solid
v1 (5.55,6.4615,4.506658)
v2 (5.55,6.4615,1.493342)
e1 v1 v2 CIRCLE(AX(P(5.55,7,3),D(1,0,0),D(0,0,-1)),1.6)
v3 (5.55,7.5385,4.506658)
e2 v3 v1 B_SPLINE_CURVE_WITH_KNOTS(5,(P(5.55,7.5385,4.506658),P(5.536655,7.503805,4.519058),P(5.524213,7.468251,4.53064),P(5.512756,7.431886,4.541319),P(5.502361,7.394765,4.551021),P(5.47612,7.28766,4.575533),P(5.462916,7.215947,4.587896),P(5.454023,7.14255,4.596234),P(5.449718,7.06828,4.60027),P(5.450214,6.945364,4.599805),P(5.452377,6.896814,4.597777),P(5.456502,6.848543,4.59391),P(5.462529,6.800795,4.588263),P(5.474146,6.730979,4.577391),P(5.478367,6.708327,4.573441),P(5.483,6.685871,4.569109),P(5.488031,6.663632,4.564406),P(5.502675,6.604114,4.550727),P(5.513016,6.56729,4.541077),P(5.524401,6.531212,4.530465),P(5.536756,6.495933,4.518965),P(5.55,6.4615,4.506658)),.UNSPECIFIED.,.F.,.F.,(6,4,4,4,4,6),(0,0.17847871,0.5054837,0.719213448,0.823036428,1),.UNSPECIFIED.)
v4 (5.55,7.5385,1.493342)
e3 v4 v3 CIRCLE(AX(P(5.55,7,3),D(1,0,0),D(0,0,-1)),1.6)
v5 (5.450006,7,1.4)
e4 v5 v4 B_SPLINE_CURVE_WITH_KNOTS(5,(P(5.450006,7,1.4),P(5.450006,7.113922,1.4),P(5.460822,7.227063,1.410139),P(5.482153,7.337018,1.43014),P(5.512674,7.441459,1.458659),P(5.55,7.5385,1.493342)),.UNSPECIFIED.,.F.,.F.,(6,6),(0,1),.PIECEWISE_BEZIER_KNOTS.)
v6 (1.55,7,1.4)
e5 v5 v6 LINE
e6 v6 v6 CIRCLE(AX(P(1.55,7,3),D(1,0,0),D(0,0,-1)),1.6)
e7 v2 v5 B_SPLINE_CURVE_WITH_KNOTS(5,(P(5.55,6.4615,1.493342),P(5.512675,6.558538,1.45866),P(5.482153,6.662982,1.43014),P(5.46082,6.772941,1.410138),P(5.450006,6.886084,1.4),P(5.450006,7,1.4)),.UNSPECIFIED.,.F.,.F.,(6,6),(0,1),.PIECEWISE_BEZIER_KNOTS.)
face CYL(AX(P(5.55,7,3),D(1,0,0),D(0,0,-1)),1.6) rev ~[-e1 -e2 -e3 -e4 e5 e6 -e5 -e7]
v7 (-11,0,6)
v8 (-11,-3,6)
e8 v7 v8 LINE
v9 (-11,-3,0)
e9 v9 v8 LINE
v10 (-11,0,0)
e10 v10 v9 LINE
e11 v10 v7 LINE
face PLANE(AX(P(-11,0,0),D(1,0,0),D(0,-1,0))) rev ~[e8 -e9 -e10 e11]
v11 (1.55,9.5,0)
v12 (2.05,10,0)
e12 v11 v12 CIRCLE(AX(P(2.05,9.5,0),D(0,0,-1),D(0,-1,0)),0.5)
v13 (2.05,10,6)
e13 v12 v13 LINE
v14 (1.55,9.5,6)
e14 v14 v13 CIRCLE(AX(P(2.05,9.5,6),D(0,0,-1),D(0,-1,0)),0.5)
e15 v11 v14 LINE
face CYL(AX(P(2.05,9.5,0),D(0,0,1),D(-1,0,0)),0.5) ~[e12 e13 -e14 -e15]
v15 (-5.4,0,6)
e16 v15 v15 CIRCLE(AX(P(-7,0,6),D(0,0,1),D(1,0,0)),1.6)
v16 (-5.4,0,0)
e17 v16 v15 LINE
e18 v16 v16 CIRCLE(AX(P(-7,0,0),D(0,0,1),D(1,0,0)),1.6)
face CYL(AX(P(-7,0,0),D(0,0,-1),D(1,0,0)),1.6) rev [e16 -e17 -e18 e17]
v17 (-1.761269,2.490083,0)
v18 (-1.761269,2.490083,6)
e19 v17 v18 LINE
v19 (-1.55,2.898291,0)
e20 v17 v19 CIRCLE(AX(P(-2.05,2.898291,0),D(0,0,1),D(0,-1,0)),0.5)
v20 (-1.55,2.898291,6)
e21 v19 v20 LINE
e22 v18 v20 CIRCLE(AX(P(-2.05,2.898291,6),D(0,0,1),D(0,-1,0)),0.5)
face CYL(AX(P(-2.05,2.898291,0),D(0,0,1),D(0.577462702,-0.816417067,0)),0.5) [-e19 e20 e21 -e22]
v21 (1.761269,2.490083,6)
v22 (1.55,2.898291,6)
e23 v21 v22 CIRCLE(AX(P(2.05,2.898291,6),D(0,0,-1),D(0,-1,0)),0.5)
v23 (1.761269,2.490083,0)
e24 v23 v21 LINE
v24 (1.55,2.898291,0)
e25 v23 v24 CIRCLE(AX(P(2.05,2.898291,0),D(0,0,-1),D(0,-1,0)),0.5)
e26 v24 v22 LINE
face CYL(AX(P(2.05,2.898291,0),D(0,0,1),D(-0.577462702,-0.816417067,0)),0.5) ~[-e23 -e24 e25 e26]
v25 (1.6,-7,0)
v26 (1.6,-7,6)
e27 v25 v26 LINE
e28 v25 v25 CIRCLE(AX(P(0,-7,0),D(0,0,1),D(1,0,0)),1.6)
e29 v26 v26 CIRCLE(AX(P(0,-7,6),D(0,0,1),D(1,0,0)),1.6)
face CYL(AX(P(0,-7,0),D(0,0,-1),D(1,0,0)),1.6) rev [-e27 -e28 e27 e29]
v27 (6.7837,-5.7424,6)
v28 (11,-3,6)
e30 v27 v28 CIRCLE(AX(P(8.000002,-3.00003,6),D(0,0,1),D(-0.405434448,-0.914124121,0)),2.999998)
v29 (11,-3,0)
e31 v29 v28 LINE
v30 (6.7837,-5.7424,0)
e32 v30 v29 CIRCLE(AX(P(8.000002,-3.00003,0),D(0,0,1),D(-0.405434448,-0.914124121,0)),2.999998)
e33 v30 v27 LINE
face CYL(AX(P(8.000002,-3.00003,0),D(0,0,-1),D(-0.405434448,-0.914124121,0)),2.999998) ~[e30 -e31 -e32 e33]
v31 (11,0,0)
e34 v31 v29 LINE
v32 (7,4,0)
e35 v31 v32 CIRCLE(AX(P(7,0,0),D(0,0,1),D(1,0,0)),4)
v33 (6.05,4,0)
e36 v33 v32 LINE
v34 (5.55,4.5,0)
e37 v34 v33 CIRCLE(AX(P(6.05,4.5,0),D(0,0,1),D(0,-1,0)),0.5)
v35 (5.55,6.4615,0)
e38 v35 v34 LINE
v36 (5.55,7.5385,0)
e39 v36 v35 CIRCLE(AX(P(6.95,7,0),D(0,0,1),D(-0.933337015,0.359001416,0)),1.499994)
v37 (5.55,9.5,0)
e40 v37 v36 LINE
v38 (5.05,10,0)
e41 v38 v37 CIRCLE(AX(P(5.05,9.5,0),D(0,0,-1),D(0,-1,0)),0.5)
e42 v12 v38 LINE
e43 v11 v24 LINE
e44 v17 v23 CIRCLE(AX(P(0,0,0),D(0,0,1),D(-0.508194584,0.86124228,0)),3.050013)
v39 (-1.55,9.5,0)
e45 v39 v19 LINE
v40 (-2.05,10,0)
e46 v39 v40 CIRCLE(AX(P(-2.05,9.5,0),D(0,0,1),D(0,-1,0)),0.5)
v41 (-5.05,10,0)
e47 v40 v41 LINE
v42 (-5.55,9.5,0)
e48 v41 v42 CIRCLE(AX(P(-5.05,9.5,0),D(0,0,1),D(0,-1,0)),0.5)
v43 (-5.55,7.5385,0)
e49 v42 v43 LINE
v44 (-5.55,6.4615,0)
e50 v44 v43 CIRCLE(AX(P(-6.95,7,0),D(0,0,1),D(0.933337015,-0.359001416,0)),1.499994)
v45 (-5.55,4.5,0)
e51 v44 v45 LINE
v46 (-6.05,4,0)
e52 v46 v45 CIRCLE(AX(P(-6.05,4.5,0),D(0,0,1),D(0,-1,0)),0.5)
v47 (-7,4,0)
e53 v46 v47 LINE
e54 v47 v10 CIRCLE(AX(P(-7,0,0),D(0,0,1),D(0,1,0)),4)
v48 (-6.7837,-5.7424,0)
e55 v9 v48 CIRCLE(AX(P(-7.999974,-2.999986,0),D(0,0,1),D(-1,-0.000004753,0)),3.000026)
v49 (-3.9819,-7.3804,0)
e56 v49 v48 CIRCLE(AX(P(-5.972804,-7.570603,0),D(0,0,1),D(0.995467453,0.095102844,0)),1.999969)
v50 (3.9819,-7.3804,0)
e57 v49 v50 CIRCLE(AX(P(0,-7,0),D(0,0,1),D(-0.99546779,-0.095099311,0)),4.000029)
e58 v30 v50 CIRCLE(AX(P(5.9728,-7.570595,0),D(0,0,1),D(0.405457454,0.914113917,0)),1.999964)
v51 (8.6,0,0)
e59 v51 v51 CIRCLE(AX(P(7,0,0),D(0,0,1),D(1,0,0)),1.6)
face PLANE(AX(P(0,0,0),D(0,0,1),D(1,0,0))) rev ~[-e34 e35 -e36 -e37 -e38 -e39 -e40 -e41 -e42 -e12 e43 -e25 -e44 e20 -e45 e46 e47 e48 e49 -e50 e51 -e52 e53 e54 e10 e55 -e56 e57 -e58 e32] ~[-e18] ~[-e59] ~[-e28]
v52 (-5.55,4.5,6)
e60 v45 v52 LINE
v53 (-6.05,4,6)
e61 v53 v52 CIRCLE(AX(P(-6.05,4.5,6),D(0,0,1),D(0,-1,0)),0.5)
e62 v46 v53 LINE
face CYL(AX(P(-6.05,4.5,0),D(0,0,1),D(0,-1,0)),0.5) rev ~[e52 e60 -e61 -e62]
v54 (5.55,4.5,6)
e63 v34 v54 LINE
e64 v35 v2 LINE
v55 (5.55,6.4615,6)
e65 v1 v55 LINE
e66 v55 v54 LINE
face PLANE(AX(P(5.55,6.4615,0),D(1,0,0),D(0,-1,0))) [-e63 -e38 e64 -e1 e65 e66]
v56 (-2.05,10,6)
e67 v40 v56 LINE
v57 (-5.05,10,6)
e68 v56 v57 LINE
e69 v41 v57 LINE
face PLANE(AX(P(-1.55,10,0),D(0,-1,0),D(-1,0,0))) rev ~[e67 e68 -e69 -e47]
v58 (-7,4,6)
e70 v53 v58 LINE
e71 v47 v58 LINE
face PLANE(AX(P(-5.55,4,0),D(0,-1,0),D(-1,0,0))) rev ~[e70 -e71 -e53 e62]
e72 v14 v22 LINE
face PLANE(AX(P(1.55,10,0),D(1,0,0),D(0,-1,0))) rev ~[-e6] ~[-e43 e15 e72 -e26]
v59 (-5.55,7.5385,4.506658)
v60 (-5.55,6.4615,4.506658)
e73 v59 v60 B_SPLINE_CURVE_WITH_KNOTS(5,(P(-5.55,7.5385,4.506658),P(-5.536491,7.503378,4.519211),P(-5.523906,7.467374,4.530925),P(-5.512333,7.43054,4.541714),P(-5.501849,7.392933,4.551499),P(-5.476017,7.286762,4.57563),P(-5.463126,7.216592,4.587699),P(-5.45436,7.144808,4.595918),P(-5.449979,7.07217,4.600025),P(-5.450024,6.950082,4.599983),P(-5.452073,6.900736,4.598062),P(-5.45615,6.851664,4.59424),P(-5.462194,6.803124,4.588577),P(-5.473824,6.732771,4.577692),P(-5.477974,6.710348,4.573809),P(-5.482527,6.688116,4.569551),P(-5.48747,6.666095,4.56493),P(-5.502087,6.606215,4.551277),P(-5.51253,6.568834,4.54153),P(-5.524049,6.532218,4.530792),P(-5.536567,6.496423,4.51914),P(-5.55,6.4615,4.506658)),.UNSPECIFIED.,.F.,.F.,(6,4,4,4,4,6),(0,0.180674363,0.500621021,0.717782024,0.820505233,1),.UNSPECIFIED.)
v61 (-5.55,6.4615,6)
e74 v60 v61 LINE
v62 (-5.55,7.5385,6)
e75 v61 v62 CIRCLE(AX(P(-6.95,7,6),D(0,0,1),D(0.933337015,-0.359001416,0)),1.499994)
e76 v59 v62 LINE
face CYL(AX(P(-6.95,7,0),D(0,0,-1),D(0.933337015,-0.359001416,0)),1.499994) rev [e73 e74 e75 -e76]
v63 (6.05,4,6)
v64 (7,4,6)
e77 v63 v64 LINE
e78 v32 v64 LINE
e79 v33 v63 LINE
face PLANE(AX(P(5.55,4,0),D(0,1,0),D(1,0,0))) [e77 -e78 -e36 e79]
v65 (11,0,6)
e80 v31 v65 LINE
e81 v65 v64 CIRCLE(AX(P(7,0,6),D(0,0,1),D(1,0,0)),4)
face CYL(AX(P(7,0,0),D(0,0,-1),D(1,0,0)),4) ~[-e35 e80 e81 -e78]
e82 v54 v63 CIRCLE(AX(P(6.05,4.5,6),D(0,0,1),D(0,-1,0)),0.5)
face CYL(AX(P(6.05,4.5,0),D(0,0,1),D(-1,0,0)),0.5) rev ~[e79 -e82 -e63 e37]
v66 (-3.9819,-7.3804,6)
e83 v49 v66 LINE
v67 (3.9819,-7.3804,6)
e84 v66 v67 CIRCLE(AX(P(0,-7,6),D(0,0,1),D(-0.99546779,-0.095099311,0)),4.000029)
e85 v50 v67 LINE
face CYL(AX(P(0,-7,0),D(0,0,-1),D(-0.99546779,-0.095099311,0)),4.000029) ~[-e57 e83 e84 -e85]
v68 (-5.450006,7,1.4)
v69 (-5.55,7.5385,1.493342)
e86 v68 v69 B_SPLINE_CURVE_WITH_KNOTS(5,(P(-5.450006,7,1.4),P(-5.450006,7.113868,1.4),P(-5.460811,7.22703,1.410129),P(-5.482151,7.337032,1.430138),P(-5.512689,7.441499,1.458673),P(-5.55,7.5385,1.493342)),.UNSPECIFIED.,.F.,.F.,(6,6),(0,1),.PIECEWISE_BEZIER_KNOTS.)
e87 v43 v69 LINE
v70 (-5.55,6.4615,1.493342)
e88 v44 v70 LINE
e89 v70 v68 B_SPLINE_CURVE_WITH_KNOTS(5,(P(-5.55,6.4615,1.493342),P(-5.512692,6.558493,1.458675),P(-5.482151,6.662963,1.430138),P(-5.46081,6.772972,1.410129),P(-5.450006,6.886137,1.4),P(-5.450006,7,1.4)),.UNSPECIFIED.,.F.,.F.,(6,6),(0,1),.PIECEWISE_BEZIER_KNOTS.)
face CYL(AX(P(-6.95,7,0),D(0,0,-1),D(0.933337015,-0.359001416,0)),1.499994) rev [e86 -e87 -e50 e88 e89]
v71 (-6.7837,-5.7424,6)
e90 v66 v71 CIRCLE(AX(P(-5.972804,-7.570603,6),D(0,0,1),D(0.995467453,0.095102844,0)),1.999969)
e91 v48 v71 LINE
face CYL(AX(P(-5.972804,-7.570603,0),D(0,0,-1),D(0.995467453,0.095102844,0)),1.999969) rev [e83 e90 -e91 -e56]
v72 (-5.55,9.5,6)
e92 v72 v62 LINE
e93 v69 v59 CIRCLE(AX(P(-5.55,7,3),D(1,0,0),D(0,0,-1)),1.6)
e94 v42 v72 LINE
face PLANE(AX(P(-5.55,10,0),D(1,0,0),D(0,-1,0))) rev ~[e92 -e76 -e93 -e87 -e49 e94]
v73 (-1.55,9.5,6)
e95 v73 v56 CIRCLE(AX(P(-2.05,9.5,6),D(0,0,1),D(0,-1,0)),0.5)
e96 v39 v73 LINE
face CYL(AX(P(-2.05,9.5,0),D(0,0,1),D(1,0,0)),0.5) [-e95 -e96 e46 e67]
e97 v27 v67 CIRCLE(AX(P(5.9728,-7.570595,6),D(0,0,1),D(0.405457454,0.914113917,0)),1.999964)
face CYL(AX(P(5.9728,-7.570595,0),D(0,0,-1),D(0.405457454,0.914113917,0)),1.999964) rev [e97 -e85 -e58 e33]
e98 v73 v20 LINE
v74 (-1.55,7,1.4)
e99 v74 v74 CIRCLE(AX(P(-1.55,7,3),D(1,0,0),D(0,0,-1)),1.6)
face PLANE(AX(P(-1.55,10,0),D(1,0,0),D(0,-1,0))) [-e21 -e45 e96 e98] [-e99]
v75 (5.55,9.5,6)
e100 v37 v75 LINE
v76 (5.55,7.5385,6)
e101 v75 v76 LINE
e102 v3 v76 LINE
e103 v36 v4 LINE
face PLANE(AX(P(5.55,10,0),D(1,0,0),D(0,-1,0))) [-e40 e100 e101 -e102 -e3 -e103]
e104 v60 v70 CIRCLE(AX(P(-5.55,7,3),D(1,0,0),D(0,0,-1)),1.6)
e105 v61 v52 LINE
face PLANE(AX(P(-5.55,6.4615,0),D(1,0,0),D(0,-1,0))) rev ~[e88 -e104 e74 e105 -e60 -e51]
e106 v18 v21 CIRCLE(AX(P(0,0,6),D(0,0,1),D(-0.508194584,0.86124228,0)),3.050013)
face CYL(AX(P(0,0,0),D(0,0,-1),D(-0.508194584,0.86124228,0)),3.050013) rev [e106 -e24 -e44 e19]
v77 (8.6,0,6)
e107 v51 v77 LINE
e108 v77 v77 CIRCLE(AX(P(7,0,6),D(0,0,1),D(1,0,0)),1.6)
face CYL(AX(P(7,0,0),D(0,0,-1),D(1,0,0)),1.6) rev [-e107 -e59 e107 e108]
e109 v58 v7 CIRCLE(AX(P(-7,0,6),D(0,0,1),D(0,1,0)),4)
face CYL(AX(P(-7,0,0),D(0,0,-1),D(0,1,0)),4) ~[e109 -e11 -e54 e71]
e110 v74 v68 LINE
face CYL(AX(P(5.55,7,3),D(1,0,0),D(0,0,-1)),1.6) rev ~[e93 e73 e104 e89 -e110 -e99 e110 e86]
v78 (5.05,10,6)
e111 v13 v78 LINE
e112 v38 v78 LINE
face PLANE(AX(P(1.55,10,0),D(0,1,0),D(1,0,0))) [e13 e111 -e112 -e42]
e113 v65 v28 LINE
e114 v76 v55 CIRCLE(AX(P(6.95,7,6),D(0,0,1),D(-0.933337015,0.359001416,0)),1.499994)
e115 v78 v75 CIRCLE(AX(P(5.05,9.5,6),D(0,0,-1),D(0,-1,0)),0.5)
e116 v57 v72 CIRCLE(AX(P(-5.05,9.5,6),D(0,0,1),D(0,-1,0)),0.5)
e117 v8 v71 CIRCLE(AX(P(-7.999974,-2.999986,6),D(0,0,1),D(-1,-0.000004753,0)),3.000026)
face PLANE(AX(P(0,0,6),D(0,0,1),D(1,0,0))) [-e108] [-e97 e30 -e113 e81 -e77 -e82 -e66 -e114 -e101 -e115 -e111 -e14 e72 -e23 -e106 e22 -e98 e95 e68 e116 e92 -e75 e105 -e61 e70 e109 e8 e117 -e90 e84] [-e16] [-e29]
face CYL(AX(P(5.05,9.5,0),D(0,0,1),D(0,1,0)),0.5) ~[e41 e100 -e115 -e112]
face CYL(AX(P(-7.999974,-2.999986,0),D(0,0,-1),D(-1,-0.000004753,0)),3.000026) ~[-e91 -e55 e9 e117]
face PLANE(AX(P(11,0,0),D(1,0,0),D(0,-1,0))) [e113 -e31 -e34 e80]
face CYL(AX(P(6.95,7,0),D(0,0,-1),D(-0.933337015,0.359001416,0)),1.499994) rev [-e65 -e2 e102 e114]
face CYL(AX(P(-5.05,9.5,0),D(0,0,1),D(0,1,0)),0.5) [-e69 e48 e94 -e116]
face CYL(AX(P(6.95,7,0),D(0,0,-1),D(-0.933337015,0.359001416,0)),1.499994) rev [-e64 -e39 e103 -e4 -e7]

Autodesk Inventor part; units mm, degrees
ref_plane "YZ Plane" through (0, 0, 0) normal (1, 0, 0) x (0, 1, 0)
ref_plane "XZ Plane" through (0, 0, 0) normal (0, 1, 0) x (-1, 0, 0)
ref_plane "XY Plane" through (0, 0, 0) normal (0, 0, 1) x (1, 0, 0)
sketch "スケッチ1" plane through (0, 0, 0) normal (0, 0, 1) x (1, 0, 0)
  arc A0 (-1.55, 2.6268) -> (1.55, 2.6268) centre (0, 0) ccw
  circle A1 centre (-7, 0) radius 1.6
  circle A2 centre (7, 0) radius 1.6
  arc A3 (-7, 4) -> (-11, 0) centre (-7, 0) ccw
  arc A4 (11, 0) -> (7, 4) centre (7, 0) ccw
  line L0 (-1.55, 10) -> (-1.55, 2.6268)
  line L1 (1.55, 10) -> (1.55, 2.6268)
  circle A5 centre (0, -7) radius 1.6
  line L2 (1.55, 10) -> (5.55, 10)
  line L3 (5.55, 10) -> (5.55, 7.5385)
  line L4 (5.55, 4) -> (7, 4)
  line L5 (-1.55, 10) -> (-5.55, 10)
  line L6 (-5.55, 10) -> (-5.55, 7.5385)
  line L7 (-5.55, 4) -> (-7, 4)
  line L8 (-11, 0) -> (-11, -3)
  arc A6 (-11, -3) -> (-6.7837, -5.7424) centre (-8, -3) ccw
  arc A7 (1.55, 2.6268) -> (-1.55, 2.6268) centre (0, 0) ccw construction
  arc A8 (-3.9819, -7.3804) -> (3.9819, -7.3804) centre (0, -7) ccw
  arc A9 (-3.9819, -7.3804) -> (-6.7837, -5.7424) centre (-5.9728, -7.5706) ccw
  line L9 (11, 0) -> (11, -3)
  arc A10 (6.7837, -5.7424) -> (11, -3) centre (8, -3) ccw
  arc A11 (6.7837, -5.7424) -> (3.9819, -7.3804) centre (5.9728, -7.5706) ccw
  arc A12 (-5.55, 7.5385) -> (-5.55, 6.4615) centre (-6.95, 7) ccw construction
  arc A13 (5.55, 6.4615) -> (5.55, 7.5385) centre (6.95, 7) ccw construction
  arc A14 (-5.55, 6.4615) -> (-5.55, 7.5385) centre (-6.95, 7) ccw
  arc A15 (5.55, 7.5385) -> (5.55, 6.4615) centre (6.95, 7) ccw
  line L10 (5.55, 6.4615) -> (5.55, 4)
  line L11 (5.55, 7.5385) -> (5.55, 6.4615) construction
  line L12 (-5.55, 6.4615) -> (-5.55, 4)
  line L13 (-5.55, 7.5385) -> (-5.55, 6.4615) construction
  dimension "d0" = 6.1
  dimension "d1" = 3.2
  dimension "d2" = 3.2
  dimension "d4" = 7
  dimension "d5" = 7
  dimension "d6" = 3.2
  dimension "d7" = 7
  dimension "d8" = 6
  dimension "d9" = 4
  dimension "d10" = 3.1
  dimension "d11" = 4
  dimension "d12" = 4
  dimension "d13" = 1.55
  dimension "d14" = 3
  dimension "d15" = 3
  dimension "d16" = 4
  dimension "d17" = 4
  dimension "d18" = 3
  dimension "d19" = 3
  dimension "d20" = 2
  dimension "d21" = 2
  dimension "d22" = 3
  dimension "d23" = 3
  dimension "d24" = 1.4
  dimension "d25" = 1.4
  dimension "d26" = 3
  dimension "d27" = 3
extrude "押し出し1" add sketch "スケッチ1" along normal blind 6
sketch "スケッチ2" plane through (5.55, 4, 0) normal (1, 0, 0) x (0, 0, -1)
  circle A0 centre (-3, 3) radius 1.6
  line L0 (0, 6) -> (-6, 6) projected
  point P0 (0, -4)
  dimension "d30" = 3.2
  dimension "d31" = 3
  dimension "d32" = 3
extrude "押し出し2" cut sketch "スケッチ2" against normal through all
fillet "フィレット1" radius 0.5 8 edges at (-5.55, 10, 3) (-1.55, 10, 3) (1.55, 10, 3) (5.55, 10, 3) (5.55, 4, 3) (-5.55, 4, 3) (-1.55, 2.6268, 3) (1.55, 2.6268, 3)
properties part number "カップリング_軸6mm"
